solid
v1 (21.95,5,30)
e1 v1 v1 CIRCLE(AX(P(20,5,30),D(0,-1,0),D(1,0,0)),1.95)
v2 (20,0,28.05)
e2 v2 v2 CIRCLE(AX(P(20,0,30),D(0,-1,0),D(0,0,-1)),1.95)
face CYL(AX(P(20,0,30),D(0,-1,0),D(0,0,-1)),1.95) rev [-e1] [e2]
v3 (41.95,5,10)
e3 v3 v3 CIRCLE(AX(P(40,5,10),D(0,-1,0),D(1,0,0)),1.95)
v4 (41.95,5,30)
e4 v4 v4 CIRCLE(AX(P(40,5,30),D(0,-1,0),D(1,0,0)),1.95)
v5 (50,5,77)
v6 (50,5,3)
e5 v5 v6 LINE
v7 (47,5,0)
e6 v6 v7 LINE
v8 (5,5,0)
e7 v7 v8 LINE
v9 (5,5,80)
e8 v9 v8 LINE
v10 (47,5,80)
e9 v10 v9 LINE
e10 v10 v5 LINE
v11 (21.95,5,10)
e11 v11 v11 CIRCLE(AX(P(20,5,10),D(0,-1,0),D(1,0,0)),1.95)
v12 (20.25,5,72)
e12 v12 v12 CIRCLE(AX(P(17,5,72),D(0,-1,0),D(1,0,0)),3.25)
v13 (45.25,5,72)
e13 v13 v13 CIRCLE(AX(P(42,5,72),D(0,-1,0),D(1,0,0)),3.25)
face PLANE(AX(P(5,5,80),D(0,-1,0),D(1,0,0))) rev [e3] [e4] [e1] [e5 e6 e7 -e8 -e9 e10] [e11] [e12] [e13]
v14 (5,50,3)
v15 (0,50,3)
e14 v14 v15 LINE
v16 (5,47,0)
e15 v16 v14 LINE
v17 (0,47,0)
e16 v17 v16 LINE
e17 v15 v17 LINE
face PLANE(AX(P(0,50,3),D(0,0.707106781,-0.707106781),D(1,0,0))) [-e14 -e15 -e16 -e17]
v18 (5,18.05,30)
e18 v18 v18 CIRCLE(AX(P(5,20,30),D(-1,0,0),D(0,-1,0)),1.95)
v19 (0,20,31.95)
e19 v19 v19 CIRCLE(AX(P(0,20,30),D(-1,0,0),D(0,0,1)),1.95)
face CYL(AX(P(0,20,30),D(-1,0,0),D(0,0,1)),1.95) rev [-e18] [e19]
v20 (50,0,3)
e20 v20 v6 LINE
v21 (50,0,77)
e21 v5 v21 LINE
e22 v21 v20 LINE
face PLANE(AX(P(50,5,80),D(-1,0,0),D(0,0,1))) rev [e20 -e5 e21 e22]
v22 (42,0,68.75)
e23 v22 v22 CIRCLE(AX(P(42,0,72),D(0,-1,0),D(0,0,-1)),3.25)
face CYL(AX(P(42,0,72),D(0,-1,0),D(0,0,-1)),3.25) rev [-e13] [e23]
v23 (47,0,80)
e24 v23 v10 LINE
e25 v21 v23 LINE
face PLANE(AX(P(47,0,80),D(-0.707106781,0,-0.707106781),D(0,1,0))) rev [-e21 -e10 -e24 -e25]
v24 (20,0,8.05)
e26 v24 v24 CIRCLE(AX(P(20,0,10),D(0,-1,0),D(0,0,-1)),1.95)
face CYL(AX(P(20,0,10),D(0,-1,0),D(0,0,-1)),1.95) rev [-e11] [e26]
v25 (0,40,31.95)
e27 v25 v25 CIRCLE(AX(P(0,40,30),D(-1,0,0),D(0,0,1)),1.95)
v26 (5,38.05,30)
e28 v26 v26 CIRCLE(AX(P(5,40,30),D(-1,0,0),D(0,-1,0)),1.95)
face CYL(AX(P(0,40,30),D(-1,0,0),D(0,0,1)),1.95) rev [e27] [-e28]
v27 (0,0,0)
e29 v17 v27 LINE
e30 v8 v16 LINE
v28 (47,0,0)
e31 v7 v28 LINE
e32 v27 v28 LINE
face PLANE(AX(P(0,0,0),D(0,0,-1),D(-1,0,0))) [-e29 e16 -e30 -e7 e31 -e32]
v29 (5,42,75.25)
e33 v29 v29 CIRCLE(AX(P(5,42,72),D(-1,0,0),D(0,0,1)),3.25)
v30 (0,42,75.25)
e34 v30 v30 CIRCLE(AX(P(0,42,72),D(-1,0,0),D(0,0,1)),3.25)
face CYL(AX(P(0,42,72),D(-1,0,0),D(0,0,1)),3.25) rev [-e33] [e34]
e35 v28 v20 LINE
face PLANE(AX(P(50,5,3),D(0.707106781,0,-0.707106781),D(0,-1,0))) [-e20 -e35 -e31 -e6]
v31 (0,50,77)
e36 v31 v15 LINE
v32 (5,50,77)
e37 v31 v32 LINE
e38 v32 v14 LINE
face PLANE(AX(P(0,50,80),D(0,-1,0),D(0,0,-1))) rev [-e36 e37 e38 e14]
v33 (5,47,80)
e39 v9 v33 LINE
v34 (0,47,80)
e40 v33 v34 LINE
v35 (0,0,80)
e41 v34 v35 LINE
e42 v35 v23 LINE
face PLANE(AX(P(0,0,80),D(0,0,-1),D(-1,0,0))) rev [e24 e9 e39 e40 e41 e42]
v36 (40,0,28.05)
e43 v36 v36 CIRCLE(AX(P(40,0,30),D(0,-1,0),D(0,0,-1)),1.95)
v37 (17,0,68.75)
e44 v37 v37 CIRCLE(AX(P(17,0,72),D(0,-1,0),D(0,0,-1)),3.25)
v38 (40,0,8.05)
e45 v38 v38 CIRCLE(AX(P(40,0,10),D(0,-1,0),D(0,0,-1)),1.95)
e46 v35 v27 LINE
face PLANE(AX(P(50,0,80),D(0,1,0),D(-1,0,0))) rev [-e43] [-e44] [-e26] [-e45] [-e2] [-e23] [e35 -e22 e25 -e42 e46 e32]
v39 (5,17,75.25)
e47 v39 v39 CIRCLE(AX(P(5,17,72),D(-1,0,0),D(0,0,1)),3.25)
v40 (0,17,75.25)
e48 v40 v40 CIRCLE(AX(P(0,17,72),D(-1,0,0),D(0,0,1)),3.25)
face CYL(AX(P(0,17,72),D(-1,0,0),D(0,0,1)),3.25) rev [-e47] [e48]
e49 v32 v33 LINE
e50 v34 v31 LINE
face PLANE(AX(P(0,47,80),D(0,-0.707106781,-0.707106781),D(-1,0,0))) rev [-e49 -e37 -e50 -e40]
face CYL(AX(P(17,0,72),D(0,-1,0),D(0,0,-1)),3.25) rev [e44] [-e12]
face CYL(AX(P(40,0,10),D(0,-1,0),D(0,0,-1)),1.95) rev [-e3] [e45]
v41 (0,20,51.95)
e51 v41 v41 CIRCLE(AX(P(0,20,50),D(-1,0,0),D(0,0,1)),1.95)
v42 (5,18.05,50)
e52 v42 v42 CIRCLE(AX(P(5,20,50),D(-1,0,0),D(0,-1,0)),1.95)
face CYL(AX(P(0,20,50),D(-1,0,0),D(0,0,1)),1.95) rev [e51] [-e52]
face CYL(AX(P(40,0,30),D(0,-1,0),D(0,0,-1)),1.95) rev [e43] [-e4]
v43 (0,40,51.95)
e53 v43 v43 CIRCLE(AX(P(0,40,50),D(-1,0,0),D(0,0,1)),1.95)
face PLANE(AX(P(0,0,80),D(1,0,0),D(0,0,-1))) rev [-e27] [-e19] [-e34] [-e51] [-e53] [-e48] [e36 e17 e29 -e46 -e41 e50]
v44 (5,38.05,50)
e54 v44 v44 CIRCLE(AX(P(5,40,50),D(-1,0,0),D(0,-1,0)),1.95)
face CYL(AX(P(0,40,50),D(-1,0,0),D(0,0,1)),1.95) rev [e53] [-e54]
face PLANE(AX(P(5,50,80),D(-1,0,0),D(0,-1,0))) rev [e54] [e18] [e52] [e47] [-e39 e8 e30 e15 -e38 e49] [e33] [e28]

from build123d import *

# Parameters (mm, degrees)
ESTRUSIONE_ESTRUSIONE1_DEPTH = 80
FORO_6_5_6_5_1_D             = 6.5
FORO_6_5_6_5_2_D             = 6.5
FORO_6_5_6_5_2_DEPTH         = 5
FORO_6_5_6_5_2_TIP           = 1.952797012
SMUSSO1_SIZE                 = 3
M3_5_CLEARANCE_HOLE1_D       = 3.9
M3_5_CLEARANCE_HOLE2_D       = 3.9


with BuildPart() as part:
    # Schizzo1 → Estrusione-Estrusione1 (new body)
    with BuildSketch(Plane.XY):
        Polygon((0, 0), (0, 50), (5, 50), (5, 5), (50, 5), (50, 0), align=None)
    extrude(amount=ESTRUSIONE_ESTRUSIONE1_DEPTH)

    # Foro Ø6.5 (6.5)-1 (through all)
    with Locations(Plane(origin=(0, 0, 0), x_dir=(-1, 0, 0), z_dir=(0, -1, 0))):
        with Locations((-17, -72), (-42, -72)):
            Hole(FORO_6_5_6_5_1_D / 2)

    # Foro Ø6.5 (6.5)-2
    with Locations(Plane.ZY):
        with Locations((72, 42), (72, 17)):
            Hole(FORO_6_5_6_5_2_D / 2, depth=FORO_6_5_6_5_2_DEPTH)
            with Locations((0, 0, -(FORO_6_5_6_5_2_DEPTH + FORO_6_5_6_5_2_TIP / 2))):  # 118° drill point
                Cone(0, FORO_6_5_6_5_2_D / 2, FORO_6_5_6_5_2_TIP, mode=Mode.SUBTRACT)

    # Smusso1
    smusso1_edges = [part.edges().sort_by_distance(p)[0] for p in [
        (2.5, 50, 80),
        (2.5, 50, 0),
        (50, 2.5, 80),
        (50, 2.5, 0),
    ]]
    chamfer(smusso1_edges, length=SMUSSO1_SIZE)

    # M3.5 Clearance Hole1 (through all)
    with Locations(Plane(origin=(20, 0, 30), x_dir=(-1, 0, 0), z_dir=(0, -1, 0))):
        with Locations((0, 0), (-20, 0), (-20, 20), (0, 20)):
            Hole(M3_5_CLEARANCE_HOLE1_D / 2)

    # M3.5 Clearance Hole2 (through all)
    with Locations(Plane(origin=(0, 40, 30), x_dir=(0, 0, -1), z_dir=(-1, 0, 0))):
        with Locations((0, 0), (-20, 0), (-20, 20), (0, 20)):
            Hole(M3_5_CLEARANCE_HOLE2_D / 2)


solid = part.part
